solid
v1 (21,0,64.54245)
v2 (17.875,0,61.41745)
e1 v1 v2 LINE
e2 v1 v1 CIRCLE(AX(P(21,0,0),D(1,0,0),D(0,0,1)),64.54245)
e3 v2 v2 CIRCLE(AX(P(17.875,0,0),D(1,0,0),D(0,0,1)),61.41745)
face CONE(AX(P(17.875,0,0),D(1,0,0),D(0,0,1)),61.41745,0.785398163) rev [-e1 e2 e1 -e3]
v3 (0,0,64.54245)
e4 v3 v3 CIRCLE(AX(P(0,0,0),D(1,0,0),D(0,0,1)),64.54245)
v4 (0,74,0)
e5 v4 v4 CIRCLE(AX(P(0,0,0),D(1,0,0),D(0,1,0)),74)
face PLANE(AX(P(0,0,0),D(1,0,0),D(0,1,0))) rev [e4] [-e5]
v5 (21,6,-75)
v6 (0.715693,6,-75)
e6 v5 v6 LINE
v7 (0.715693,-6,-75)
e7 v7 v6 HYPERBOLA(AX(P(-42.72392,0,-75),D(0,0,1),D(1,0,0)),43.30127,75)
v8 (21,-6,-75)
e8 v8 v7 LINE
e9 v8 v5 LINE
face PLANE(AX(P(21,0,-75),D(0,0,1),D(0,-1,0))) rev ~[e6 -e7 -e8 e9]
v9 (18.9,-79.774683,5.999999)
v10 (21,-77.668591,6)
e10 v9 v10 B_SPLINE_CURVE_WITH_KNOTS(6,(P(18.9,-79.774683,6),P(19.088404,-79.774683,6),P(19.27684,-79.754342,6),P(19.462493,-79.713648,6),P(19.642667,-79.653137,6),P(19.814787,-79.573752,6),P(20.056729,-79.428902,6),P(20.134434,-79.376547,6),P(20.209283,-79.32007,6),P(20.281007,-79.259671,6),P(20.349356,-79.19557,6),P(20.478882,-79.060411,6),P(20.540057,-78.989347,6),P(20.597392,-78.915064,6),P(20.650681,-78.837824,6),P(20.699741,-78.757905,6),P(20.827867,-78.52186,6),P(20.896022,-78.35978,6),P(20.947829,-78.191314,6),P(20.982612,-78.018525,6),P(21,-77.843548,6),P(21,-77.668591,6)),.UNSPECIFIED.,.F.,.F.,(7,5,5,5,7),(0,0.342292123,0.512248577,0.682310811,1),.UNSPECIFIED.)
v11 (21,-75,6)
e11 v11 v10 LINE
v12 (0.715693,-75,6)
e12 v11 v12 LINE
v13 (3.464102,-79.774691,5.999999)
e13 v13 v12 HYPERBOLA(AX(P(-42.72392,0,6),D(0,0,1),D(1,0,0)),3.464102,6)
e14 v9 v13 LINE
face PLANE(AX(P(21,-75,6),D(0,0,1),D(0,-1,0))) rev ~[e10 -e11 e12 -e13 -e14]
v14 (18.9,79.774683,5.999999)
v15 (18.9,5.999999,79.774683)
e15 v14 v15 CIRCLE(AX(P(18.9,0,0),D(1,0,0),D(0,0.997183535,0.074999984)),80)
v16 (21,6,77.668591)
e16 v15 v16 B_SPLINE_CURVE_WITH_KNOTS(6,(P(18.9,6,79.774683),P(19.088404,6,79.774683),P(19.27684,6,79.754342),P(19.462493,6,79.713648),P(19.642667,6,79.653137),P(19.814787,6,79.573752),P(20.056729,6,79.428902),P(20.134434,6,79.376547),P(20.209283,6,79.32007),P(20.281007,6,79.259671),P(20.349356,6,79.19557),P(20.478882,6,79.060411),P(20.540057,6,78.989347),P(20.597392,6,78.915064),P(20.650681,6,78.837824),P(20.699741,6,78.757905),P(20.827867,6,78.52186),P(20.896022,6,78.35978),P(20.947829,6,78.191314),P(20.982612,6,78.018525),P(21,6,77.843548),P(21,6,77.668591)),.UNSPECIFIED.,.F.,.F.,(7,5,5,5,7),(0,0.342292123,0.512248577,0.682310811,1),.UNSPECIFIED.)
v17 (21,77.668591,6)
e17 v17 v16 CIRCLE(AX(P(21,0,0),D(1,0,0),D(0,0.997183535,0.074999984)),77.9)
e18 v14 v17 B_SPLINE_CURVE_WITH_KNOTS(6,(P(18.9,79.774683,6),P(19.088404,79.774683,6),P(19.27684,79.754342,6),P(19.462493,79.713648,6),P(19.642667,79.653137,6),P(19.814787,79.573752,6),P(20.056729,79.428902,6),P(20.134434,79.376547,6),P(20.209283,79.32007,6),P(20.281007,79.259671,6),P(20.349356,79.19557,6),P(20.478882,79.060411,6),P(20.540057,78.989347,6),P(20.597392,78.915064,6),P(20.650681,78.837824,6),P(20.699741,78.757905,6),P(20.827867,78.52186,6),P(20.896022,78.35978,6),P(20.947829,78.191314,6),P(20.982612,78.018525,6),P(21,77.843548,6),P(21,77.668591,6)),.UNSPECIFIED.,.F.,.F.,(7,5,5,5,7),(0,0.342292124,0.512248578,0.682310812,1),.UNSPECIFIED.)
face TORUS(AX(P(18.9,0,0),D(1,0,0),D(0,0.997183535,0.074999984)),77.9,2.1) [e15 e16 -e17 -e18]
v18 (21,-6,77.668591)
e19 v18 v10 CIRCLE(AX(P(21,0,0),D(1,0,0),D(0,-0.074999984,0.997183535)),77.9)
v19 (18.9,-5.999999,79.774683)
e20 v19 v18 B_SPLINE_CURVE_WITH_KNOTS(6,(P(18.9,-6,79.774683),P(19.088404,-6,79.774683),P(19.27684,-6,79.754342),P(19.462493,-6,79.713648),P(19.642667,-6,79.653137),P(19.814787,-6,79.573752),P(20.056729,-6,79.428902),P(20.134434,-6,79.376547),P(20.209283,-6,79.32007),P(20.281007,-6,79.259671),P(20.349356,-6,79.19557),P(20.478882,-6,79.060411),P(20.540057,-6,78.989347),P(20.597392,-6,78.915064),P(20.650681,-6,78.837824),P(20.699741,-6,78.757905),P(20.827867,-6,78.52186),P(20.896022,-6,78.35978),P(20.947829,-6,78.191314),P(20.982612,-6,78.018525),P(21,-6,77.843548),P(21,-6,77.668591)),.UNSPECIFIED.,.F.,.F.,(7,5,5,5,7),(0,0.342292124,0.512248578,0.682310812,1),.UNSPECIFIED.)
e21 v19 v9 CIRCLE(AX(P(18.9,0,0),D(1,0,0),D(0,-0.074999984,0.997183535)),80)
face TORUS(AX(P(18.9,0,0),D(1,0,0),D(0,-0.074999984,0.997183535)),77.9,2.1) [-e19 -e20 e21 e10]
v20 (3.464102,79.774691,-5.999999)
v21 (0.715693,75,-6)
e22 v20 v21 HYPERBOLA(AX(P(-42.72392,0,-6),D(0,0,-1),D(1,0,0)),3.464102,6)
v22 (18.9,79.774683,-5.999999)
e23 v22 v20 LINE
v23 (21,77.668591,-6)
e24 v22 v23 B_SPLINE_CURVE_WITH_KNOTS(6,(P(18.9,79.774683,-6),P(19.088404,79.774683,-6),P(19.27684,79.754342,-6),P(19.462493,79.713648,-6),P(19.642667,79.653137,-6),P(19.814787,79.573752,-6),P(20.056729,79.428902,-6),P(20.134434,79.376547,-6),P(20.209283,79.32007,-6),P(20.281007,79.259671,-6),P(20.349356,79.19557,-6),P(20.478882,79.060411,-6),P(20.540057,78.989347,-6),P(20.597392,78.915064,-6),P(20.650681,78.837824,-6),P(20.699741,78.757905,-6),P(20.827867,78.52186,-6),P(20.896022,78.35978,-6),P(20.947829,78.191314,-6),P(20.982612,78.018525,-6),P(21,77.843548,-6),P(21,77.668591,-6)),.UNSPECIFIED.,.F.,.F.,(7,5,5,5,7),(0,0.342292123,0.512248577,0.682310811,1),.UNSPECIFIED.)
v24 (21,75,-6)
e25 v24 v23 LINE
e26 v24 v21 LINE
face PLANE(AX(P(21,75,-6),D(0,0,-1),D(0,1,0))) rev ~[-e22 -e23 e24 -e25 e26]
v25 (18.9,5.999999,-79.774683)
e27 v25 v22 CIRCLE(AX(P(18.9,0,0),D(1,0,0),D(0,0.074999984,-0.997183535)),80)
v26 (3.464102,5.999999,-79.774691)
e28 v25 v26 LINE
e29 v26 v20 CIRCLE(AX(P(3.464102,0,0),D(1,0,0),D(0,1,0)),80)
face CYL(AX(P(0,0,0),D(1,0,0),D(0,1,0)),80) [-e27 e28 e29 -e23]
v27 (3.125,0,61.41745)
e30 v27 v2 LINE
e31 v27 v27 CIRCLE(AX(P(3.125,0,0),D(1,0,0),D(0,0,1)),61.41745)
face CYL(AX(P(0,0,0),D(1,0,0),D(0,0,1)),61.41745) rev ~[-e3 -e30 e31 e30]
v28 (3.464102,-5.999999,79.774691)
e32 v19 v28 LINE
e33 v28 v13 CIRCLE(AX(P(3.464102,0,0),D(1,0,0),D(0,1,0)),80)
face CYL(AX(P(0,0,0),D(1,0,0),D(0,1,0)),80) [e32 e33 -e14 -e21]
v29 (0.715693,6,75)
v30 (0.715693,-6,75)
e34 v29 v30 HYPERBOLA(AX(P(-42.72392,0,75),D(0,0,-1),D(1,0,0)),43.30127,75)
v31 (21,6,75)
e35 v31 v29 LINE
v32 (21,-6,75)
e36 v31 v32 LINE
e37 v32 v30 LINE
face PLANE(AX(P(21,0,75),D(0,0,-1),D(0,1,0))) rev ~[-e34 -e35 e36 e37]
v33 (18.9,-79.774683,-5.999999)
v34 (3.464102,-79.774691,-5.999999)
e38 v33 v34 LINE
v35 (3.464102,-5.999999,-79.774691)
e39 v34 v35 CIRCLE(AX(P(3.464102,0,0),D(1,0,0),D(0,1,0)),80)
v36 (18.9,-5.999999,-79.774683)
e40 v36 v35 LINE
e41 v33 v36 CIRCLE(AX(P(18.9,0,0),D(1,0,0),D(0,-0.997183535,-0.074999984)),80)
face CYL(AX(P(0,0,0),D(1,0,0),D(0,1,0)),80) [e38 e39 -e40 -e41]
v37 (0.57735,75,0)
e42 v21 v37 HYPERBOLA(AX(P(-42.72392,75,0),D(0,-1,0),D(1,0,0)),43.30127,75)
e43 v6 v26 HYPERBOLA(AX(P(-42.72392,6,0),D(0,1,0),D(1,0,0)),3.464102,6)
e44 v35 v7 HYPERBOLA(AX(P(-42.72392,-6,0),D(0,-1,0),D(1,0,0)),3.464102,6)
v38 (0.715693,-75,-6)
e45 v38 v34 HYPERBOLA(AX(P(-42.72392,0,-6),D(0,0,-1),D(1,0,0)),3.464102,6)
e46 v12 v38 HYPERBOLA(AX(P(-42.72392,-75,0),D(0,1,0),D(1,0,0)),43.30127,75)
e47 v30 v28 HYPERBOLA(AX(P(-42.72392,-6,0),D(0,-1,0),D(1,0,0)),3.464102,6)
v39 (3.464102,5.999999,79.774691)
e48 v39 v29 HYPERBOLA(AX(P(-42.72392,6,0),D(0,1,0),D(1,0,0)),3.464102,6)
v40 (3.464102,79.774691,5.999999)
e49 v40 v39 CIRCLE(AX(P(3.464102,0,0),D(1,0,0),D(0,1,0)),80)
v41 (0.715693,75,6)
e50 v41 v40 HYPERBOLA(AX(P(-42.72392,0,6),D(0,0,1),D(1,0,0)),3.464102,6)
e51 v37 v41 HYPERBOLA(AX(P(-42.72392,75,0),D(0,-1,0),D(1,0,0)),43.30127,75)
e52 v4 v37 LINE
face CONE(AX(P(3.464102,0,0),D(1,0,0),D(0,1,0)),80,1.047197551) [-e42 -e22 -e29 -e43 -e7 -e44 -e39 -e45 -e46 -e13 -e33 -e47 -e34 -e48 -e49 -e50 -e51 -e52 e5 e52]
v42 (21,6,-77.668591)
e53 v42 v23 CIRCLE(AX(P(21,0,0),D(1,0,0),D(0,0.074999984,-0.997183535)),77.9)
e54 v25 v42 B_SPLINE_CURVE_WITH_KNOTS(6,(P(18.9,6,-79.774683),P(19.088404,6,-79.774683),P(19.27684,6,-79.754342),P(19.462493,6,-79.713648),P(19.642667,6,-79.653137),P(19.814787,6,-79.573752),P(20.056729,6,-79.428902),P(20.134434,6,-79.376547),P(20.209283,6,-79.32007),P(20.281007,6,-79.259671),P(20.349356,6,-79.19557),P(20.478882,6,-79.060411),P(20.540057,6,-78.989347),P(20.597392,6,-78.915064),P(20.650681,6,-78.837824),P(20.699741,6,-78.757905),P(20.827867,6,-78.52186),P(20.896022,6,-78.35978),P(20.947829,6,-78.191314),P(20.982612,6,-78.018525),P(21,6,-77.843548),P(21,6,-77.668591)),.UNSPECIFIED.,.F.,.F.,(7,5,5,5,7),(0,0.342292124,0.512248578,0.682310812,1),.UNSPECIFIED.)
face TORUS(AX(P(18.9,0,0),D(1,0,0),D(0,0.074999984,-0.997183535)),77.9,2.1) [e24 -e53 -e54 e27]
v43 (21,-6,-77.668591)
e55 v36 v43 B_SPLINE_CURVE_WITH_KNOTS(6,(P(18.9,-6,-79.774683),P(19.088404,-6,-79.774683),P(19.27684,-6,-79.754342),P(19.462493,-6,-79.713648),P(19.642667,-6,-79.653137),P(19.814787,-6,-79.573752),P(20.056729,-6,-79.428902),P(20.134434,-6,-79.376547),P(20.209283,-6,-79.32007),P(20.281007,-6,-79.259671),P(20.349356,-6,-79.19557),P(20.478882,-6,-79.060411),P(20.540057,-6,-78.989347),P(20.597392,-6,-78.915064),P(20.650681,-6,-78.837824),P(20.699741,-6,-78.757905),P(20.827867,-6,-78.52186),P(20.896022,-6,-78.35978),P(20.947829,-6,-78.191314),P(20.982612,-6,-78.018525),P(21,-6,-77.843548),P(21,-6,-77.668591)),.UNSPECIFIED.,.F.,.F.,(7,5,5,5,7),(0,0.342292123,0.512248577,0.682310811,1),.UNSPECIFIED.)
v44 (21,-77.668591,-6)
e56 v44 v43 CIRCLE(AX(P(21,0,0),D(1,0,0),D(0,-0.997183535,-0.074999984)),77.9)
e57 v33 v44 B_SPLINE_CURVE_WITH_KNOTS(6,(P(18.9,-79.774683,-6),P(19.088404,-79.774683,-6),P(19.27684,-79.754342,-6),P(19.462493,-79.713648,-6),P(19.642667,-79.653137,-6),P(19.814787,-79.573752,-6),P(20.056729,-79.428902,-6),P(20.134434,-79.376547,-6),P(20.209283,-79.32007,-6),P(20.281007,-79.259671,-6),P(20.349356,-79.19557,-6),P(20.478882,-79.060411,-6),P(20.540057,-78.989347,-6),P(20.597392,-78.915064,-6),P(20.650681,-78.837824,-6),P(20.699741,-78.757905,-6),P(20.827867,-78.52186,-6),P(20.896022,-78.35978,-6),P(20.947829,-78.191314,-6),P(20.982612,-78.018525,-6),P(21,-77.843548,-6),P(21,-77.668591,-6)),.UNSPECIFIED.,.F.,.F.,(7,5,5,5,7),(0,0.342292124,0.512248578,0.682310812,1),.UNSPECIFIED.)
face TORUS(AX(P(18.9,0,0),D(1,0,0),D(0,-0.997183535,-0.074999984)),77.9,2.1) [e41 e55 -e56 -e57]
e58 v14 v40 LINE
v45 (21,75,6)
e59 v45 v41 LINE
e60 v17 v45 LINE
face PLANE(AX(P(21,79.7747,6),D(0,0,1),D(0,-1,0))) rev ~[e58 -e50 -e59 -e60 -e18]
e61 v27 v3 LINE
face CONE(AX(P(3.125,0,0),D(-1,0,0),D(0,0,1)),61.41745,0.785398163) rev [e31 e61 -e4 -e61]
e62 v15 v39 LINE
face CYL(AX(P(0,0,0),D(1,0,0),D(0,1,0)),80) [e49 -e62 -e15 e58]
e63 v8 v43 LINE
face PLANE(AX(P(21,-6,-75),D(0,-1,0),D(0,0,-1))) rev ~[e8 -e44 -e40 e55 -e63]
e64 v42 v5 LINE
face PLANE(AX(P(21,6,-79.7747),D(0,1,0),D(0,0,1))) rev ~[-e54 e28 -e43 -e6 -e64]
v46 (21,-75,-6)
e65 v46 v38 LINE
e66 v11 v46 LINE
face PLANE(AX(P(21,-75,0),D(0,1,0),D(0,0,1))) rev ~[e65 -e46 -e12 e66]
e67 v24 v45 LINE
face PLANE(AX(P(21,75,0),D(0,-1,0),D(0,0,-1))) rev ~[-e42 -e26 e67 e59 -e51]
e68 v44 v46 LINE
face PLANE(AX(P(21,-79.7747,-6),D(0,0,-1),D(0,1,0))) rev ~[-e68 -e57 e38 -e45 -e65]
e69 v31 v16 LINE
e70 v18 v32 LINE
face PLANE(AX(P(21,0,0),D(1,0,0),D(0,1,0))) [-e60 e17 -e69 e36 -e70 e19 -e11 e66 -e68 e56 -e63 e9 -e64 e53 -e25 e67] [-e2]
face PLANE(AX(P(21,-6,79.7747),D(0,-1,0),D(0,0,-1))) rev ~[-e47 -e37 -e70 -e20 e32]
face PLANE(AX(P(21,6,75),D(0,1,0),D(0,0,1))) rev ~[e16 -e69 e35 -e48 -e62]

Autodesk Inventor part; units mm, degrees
ref_plane "YZ Plane" through (0, 0, 0) normal (1, 0, 0) x (0, 1, 0)
ref_plane "XZ Plane" through (0, 0, 0) normal (0, 1, 0) x (-1, 0, 0)
sketch "Sketch1" plane through (0, 0, 0) normal (0, 0, 1) x (1, 0, 0)
  line L0 (0, 0) -> (21, 0)
  line L1 (0, 0) -> (0, 80)
  line L2 (0, 80) -> (21, 80)
  line L3 (21, 80) -> (21, 0)
  line L4 (0, 96) -> (0, -16) projected
  line L5 (-4.2, 0) -> (25.2, 0) projected
  dimension "d1" = 160
  dimension "d2" = 21
revolve "Body" add sketch "Sketch1" angle 360 about axis through (0, 0, 0) along (1, 0, 0)
sketch "Sketch2" plane through (0, 0, 0) normal (-1, 0, 0) x (0, 0, 1)
  circle A0 centre (0, 0) radius 80 projected
  point P0 (0, 0)
hole "Thread" at (0, 0, 0) direction (1, 0, 0) diameter 122.8349 end through all thread size "M125x2" class "6H" standard "ISO Metric profile"
chamfer "Chamfer1" distance 6 angle 30 1 edges at (0, -80, 0) measured on face at (0, -39.8141, -61.8966)
sketch "Sketch3" plane through (21, 0, 0) normal (1, 0, 0) x (0, 0, -1)
  circle A0 centre (0, 0) radius 80 projected
  line L0 (-6, 79.7747) -> (-6, 75)
  line L1 (-6, 75) -> (6, 75)
  line L2 (6, 75) -> (6, 79.7747)
  line L3 (0, -112) -> (0, 112) projected
  line L4 (-112, 0) -> (112, 0) projected
  dimension "d12" = 6
  dimension "d13" = 6
  dimension "d14" = 75
extrude "Groove1" cut sketch "Sketch3" against normal through all contours L2 L1 L3 A0 | L3 L1 L0 A0
pattern_circular "Grooves1" count 4 over 360 about axis through (-10, 0, 0) along (1, 0, 0) of "Groove1"
fillet "Fillet1" radius 2.1 4 edges at (21, 56.5685, 56.5685) (21, 56.5685, -56.5685) (21, -56.5685, -56.5685) (21, -56.5685, 56.5685)
chamfer "Chamfer2" distance 3.125 angle 45 1 edges at (21, 0, -61.4175) measured on face at (21, -40.9181, 59.4692)
chamfer "Chamfer3" distance 3.125 angle 45 1 edges at (0, 0, -61.4175) measured on face at (0, 64.709, 25.6007)
ref_plane "Work Plane1" through (227.2466, 0, 0) normal (0, 1, 0) x (-1, 0, 0)
equation "\"d1\" = SD2"
equation "\"d2\" = KOH"
equation "\"d12\" = 0.5 * SNB"
equation "\"d13\" = 0.5 * SNB"
equation "\"d14\" = 0.5 * SD2 - SNT"
equation "\"d10\" = -0.5 * LADI + 0.5 * SD2"
equation "\"d11\" = FAWI2"
equation "\"d40\" = -0.5 * LADI + 0.5 * SD2"
equation "\"d18\" = RR"
equation "\"d19\" = 0.025 * NND"
equation "\"d41\" = 0.025 * NND"
equation "\"d21\" = 0.025 * NND"
equation "\"d42\" = 0.025 * NND"
equation "\"NND\" = 125"
equation "\"KOH\" = 21"
equation "\"SD2\" = 160"
equation "\"SNB\" = 12"
equation "\"SNT\" = 5"
equation "\"LADI\" = 148"
equation "\"RR\" = 2.1"
equation "\"FAWI2\" = 30deg"
equation "\"GUL\" = 0.61345 * PTC"
equation "\"THREADDIA\" = 125"
equation "\"TOA\" = 30deg"
equation "\"PTC\" = 2"
equation "\"GAL\" = 0.61345 * PTC"
equation "\"GD1\" = THREADDIA - 1.2269 * PTC"
properties part number "DIN 981 - KM 25" material "Steel, Mild"
